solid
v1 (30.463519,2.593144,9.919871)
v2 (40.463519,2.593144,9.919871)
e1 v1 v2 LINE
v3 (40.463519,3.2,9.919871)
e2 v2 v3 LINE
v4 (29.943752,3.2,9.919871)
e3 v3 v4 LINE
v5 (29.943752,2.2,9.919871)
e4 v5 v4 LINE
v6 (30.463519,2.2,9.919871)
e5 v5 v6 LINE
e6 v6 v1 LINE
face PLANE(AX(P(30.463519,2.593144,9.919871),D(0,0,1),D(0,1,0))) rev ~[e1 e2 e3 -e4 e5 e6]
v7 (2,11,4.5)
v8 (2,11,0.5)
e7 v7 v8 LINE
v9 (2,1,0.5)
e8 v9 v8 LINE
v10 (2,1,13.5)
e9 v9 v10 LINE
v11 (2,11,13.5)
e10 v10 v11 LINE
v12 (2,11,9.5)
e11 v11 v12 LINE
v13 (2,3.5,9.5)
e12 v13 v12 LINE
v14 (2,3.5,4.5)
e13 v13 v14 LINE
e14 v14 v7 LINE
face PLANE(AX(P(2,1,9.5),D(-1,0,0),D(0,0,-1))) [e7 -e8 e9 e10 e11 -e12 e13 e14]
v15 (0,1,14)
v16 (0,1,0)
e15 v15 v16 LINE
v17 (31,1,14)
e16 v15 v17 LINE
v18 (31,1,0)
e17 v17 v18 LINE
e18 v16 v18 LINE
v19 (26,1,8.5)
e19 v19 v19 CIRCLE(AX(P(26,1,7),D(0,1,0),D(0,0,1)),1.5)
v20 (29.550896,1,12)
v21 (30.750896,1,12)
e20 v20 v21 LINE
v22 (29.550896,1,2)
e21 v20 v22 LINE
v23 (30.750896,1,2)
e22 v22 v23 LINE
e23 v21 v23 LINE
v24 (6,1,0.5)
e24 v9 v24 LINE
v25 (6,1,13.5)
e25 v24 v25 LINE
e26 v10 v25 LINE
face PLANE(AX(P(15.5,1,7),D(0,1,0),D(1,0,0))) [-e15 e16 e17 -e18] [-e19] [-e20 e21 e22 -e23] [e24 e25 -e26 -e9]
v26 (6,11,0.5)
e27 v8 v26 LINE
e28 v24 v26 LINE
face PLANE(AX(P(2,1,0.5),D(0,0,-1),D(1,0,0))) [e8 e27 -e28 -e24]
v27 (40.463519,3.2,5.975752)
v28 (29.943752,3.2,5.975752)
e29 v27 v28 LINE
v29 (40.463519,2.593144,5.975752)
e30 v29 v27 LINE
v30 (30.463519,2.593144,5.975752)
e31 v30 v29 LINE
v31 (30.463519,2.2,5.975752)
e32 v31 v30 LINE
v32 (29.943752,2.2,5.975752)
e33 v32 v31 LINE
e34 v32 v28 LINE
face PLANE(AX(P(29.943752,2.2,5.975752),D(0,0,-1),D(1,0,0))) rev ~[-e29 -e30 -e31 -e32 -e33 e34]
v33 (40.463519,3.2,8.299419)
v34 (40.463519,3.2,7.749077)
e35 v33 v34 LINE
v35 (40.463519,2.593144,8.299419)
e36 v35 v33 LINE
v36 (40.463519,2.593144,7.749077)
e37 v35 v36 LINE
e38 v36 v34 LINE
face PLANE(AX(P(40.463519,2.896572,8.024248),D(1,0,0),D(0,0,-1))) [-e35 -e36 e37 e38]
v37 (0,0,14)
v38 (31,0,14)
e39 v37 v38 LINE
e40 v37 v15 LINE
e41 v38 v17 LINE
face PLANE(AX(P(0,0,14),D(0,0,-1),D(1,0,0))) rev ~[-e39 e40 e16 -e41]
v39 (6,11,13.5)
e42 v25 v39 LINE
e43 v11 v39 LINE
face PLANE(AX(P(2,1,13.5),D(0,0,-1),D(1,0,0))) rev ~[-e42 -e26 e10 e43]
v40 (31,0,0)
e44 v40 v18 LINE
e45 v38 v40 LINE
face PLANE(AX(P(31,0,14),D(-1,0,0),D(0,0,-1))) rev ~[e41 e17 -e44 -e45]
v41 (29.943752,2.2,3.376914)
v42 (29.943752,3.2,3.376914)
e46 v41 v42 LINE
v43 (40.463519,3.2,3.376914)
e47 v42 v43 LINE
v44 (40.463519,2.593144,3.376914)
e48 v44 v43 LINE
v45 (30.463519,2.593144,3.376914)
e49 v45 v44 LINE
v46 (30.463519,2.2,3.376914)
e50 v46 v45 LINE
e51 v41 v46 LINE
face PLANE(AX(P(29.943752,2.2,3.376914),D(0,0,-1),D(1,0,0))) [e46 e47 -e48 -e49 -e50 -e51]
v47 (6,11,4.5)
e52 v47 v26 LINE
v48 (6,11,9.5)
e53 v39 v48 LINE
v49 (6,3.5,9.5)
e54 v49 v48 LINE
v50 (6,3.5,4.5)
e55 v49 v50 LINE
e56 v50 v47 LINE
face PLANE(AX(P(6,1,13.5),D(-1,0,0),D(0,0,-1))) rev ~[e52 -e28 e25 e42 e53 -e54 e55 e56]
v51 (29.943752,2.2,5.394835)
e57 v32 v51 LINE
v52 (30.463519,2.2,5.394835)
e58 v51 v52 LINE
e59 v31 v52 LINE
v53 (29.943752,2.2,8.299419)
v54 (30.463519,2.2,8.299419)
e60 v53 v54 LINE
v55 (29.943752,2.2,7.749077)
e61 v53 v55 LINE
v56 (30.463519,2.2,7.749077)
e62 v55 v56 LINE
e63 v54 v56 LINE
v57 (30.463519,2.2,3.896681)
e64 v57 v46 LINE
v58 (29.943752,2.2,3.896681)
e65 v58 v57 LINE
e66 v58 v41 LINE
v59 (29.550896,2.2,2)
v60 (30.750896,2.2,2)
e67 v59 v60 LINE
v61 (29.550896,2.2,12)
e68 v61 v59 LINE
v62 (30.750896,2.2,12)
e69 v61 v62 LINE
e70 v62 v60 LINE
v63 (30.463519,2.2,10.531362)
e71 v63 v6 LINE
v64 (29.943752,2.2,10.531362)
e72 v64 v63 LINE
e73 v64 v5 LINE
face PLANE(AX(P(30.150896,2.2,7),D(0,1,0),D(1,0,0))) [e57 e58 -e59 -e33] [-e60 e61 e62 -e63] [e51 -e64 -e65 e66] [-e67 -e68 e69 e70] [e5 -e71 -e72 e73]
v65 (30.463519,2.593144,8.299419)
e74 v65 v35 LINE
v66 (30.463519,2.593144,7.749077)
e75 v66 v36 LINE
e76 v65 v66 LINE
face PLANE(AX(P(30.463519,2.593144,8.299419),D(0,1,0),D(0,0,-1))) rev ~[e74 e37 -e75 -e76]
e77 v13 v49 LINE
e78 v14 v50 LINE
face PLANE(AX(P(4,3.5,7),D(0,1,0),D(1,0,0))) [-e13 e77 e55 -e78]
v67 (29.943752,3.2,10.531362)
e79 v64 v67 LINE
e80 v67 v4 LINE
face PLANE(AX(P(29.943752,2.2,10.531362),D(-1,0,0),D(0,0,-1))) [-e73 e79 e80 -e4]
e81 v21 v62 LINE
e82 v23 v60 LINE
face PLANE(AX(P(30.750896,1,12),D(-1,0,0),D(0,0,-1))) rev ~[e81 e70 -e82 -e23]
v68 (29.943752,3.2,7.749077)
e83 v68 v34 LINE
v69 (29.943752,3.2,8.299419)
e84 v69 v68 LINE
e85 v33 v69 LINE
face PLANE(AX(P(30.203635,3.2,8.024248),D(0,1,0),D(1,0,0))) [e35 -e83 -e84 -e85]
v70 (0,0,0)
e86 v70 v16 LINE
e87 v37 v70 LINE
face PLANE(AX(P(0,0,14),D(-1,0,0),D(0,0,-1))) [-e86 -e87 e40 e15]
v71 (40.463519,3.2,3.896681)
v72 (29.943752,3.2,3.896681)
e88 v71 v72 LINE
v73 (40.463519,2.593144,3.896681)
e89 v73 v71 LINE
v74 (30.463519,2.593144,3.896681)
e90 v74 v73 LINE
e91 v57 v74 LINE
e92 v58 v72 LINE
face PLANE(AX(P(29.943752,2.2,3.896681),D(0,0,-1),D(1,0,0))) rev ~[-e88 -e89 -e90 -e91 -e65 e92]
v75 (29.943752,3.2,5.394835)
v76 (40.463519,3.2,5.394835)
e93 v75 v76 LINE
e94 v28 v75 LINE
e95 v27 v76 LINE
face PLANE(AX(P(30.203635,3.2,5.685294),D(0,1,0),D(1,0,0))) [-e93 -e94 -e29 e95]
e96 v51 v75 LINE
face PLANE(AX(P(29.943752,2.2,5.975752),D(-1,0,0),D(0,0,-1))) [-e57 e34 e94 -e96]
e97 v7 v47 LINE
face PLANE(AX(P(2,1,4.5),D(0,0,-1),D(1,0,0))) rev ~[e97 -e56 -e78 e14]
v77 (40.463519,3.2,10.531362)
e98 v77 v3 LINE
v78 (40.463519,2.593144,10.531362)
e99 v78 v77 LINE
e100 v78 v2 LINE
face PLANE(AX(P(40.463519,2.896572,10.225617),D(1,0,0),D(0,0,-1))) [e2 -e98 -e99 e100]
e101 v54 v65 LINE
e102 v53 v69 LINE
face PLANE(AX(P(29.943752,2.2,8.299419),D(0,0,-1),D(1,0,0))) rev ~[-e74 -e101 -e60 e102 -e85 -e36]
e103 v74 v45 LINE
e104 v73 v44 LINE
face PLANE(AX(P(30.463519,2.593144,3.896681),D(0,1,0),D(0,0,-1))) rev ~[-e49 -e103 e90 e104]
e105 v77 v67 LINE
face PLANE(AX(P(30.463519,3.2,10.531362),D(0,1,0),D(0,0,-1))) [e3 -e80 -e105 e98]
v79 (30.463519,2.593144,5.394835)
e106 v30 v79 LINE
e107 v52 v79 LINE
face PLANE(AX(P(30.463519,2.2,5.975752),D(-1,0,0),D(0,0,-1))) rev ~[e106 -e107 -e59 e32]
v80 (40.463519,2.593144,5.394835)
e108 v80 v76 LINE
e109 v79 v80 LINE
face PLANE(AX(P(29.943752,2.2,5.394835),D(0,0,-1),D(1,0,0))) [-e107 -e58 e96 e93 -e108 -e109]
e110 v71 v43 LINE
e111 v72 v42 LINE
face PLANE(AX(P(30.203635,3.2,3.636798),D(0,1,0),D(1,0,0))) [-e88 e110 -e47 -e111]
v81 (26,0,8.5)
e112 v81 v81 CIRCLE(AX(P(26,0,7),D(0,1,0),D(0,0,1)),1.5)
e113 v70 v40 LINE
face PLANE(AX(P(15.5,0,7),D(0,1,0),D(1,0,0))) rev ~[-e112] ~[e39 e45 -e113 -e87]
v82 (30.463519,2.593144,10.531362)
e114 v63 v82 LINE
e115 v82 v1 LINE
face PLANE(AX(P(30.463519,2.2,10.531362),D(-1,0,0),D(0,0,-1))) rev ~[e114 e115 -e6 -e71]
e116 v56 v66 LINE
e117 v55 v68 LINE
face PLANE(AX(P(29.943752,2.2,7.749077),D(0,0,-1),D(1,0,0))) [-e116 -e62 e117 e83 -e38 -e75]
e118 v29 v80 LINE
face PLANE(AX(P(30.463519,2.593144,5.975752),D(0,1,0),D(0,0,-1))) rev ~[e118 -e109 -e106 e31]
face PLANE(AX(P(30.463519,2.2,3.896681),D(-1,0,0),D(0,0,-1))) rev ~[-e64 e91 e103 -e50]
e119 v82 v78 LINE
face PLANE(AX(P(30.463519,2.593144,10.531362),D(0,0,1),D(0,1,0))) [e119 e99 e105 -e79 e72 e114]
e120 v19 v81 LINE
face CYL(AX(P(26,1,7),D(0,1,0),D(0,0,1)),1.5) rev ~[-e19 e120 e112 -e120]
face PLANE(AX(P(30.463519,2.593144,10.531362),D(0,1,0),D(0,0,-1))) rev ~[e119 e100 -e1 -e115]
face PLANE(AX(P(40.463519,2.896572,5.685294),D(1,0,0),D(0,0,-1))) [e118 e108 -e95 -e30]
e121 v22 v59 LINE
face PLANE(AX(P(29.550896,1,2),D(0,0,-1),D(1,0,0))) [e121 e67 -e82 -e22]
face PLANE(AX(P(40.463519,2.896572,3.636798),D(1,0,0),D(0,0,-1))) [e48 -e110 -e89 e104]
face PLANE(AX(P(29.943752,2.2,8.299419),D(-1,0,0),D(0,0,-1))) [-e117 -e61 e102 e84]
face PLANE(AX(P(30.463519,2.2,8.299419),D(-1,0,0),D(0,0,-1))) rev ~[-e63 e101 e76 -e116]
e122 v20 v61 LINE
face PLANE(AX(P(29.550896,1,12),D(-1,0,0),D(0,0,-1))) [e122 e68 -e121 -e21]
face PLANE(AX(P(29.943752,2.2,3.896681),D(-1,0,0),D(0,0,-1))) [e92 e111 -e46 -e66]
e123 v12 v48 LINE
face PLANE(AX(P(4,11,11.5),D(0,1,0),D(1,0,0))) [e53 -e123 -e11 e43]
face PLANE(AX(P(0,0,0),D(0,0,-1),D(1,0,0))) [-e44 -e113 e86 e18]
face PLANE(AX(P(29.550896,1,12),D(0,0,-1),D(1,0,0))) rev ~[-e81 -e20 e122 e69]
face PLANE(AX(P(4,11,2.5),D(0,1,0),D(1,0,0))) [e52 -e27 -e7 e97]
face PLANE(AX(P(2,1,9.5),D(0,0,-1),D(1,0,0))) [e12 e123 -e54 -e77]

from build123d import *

# Parameters (mm, degrees)
SKETCH1_W           = 31
SKETCH1_H           = 14
BOSS_EXTRUDE1_DEPTH = 1
SKETCH2_W           = 4
SKETCH2_H           = 4
BOSS_EXTRUDE2_DEPTH = 10
SKETCH3_R           = 1.5
CUT_EXTRUDE1_DEPTH  = 36.454195802
SKETCH4_W           = 4
SKETCH4_H           = 5
BOSS_EXTRUDE3_DEPTH = 2.5
SKETCH_1_W          = 1.2
SKETCH_1_H          = 10
EXTRUDE_1_DEPTH     = 1.2
SKETCH_2_W          = 0.519767639
SKETCH_2_H          = 0.519767639
SKETCH_2_H_2        = 0.580916774
SKETCH_2_H_3        = 0.550342206
SKETCH_2_H_4        = 0.61149134
EXTRUDE_2_DEPTH     = 1
SKETCH_3_W          = 0.61149134
SKETCH_3_H          = 0.60685635
SKETCH_3_W_2        = 0.550342206
SKETCH_3_W_3        = 0.580916774
SKETCH_3_W_4        = 0.519767639
EXTRUDE_3_DEPTH     = 10


with BuildPart() as part:
    # Sketch1 → Boss-Extrude1 (new body)
    with BuildSketch(Plane(origin=(0, 0, 0), x_dir=(1, 0, 0), z_dir=(0, 1, 0))):
        with Locations((15.5, -7)):
            Rectangle(SKETCH1_W, SKETCH1_H)
    extrude(amount=BOSS_EXTRUDE1_DEPTH)

    # Sketch2 → Boss-Extrude2 (add)
    with BuildSketch(Plane(origin=(0, 1, 0), x_dir=(1, 0, 0), z_dir=(0, 1, 0))):
        with Locations((4, -11.5)):
            Rectangle(SKETCH2_W, SKETCH2_H)
        with Locations((4, -2.5)):
            Rectangle(SKETCH2_W, SKETCH2_H)
    extrude(amount=BOSS_EXTRUDE2_DEPTH)

    # Sketch3 → Cut-Extrude1 (cut, through all)
    with BuildSketch(Plane(origin=(0, 1, 0), x_dir=(1, 0, 0), z_dir=(0, 1, 0))):
        with Locations(Location((26, -7, 0), (0, 0, 270))):
            Circle(SKETCH3_R)
    extrude(amount=-CUT_EXTRUDE1_DEPTH, mode=Mode.SUBTRACT)

    # Sketch4 → Boss-Extrude3 (add)
    with BuildSketch(Plane(origin=(0, 1, 0), x_dir=(1, 0, 0), z_dir=(0, 1, 0))):
        with Locations((4, -7)):
            Rectangle(SKETCH4_W, SKETCH4_H)
    extrude(amount=BOSS_EXTRUDE3_DEPTH)

    # 草图1 → 凸台-拉伸1 (add)
    with BuildSketch(Plane(origin=(0, 1, 0), x_dir=(1, 0, 0), z_dir=(0, 1, 0))):
        with Locations((30.150896117, -7)):
            Rectangle(SKETCH_1_W, SKETCH_1_H)
    extrude(amount=EXTRUDE_1_DEPTH)

    # 草图2 → 凸台-拉伸2 (add)
    with BuildSketch(Plane(origin=(0, 2.2, 0), x_dir=(1, 0, 0), z_dir=(0, 1, 0))):
        with Locations((30.20363542, -3.636797628)):
            Rectangle(SKETCH_2_W, SKETCH_2_H)
        with Locations((30.20363542, -5.685293618)):
            Rectangle(SKETCH_2_W, SKETCH_2_H_2)
        with Locations((30.20363542, -8.024247995)):
            Rectangle(SKETCH_2_W, SKETCH_2_H_3)
        with Locations((30.20363542, -10.225616821)):
            Rectangle(SKETCH_2_W, SKETCH_2_H_4)
    extrude(amount=EXTRUDE_2_DEPTH)

    # 草图3 → 凸台-拉伸3 (add)
    with BuildSketch(Plane(origin=(30.463519239, 0, 0), x_dir=(0, 0, -1), z_dir=(1, 0, 0))):
        with Locations((-10.225616821, 2.896571825)):
            Rectangle(SKETCH_3_W, SKETCH_3_H)
        with Locations((-8.024247995, 2.896571825)):
            Rectangle(SKETCH_3_W_2, SKETCH_3_H)
        with Locations((-5.685293618, 2.896571825)):
            Rectangle(SKETCH_3_W_3, SKETCH_3_H)
        with Locations((-3.636797628, 2.896571825)):
            Rectangle(SKETCH_3_W_4, SKETCH_3_H)
    extrude(amount=EXTRUDE_3_DEPTH)


solid = part.part
